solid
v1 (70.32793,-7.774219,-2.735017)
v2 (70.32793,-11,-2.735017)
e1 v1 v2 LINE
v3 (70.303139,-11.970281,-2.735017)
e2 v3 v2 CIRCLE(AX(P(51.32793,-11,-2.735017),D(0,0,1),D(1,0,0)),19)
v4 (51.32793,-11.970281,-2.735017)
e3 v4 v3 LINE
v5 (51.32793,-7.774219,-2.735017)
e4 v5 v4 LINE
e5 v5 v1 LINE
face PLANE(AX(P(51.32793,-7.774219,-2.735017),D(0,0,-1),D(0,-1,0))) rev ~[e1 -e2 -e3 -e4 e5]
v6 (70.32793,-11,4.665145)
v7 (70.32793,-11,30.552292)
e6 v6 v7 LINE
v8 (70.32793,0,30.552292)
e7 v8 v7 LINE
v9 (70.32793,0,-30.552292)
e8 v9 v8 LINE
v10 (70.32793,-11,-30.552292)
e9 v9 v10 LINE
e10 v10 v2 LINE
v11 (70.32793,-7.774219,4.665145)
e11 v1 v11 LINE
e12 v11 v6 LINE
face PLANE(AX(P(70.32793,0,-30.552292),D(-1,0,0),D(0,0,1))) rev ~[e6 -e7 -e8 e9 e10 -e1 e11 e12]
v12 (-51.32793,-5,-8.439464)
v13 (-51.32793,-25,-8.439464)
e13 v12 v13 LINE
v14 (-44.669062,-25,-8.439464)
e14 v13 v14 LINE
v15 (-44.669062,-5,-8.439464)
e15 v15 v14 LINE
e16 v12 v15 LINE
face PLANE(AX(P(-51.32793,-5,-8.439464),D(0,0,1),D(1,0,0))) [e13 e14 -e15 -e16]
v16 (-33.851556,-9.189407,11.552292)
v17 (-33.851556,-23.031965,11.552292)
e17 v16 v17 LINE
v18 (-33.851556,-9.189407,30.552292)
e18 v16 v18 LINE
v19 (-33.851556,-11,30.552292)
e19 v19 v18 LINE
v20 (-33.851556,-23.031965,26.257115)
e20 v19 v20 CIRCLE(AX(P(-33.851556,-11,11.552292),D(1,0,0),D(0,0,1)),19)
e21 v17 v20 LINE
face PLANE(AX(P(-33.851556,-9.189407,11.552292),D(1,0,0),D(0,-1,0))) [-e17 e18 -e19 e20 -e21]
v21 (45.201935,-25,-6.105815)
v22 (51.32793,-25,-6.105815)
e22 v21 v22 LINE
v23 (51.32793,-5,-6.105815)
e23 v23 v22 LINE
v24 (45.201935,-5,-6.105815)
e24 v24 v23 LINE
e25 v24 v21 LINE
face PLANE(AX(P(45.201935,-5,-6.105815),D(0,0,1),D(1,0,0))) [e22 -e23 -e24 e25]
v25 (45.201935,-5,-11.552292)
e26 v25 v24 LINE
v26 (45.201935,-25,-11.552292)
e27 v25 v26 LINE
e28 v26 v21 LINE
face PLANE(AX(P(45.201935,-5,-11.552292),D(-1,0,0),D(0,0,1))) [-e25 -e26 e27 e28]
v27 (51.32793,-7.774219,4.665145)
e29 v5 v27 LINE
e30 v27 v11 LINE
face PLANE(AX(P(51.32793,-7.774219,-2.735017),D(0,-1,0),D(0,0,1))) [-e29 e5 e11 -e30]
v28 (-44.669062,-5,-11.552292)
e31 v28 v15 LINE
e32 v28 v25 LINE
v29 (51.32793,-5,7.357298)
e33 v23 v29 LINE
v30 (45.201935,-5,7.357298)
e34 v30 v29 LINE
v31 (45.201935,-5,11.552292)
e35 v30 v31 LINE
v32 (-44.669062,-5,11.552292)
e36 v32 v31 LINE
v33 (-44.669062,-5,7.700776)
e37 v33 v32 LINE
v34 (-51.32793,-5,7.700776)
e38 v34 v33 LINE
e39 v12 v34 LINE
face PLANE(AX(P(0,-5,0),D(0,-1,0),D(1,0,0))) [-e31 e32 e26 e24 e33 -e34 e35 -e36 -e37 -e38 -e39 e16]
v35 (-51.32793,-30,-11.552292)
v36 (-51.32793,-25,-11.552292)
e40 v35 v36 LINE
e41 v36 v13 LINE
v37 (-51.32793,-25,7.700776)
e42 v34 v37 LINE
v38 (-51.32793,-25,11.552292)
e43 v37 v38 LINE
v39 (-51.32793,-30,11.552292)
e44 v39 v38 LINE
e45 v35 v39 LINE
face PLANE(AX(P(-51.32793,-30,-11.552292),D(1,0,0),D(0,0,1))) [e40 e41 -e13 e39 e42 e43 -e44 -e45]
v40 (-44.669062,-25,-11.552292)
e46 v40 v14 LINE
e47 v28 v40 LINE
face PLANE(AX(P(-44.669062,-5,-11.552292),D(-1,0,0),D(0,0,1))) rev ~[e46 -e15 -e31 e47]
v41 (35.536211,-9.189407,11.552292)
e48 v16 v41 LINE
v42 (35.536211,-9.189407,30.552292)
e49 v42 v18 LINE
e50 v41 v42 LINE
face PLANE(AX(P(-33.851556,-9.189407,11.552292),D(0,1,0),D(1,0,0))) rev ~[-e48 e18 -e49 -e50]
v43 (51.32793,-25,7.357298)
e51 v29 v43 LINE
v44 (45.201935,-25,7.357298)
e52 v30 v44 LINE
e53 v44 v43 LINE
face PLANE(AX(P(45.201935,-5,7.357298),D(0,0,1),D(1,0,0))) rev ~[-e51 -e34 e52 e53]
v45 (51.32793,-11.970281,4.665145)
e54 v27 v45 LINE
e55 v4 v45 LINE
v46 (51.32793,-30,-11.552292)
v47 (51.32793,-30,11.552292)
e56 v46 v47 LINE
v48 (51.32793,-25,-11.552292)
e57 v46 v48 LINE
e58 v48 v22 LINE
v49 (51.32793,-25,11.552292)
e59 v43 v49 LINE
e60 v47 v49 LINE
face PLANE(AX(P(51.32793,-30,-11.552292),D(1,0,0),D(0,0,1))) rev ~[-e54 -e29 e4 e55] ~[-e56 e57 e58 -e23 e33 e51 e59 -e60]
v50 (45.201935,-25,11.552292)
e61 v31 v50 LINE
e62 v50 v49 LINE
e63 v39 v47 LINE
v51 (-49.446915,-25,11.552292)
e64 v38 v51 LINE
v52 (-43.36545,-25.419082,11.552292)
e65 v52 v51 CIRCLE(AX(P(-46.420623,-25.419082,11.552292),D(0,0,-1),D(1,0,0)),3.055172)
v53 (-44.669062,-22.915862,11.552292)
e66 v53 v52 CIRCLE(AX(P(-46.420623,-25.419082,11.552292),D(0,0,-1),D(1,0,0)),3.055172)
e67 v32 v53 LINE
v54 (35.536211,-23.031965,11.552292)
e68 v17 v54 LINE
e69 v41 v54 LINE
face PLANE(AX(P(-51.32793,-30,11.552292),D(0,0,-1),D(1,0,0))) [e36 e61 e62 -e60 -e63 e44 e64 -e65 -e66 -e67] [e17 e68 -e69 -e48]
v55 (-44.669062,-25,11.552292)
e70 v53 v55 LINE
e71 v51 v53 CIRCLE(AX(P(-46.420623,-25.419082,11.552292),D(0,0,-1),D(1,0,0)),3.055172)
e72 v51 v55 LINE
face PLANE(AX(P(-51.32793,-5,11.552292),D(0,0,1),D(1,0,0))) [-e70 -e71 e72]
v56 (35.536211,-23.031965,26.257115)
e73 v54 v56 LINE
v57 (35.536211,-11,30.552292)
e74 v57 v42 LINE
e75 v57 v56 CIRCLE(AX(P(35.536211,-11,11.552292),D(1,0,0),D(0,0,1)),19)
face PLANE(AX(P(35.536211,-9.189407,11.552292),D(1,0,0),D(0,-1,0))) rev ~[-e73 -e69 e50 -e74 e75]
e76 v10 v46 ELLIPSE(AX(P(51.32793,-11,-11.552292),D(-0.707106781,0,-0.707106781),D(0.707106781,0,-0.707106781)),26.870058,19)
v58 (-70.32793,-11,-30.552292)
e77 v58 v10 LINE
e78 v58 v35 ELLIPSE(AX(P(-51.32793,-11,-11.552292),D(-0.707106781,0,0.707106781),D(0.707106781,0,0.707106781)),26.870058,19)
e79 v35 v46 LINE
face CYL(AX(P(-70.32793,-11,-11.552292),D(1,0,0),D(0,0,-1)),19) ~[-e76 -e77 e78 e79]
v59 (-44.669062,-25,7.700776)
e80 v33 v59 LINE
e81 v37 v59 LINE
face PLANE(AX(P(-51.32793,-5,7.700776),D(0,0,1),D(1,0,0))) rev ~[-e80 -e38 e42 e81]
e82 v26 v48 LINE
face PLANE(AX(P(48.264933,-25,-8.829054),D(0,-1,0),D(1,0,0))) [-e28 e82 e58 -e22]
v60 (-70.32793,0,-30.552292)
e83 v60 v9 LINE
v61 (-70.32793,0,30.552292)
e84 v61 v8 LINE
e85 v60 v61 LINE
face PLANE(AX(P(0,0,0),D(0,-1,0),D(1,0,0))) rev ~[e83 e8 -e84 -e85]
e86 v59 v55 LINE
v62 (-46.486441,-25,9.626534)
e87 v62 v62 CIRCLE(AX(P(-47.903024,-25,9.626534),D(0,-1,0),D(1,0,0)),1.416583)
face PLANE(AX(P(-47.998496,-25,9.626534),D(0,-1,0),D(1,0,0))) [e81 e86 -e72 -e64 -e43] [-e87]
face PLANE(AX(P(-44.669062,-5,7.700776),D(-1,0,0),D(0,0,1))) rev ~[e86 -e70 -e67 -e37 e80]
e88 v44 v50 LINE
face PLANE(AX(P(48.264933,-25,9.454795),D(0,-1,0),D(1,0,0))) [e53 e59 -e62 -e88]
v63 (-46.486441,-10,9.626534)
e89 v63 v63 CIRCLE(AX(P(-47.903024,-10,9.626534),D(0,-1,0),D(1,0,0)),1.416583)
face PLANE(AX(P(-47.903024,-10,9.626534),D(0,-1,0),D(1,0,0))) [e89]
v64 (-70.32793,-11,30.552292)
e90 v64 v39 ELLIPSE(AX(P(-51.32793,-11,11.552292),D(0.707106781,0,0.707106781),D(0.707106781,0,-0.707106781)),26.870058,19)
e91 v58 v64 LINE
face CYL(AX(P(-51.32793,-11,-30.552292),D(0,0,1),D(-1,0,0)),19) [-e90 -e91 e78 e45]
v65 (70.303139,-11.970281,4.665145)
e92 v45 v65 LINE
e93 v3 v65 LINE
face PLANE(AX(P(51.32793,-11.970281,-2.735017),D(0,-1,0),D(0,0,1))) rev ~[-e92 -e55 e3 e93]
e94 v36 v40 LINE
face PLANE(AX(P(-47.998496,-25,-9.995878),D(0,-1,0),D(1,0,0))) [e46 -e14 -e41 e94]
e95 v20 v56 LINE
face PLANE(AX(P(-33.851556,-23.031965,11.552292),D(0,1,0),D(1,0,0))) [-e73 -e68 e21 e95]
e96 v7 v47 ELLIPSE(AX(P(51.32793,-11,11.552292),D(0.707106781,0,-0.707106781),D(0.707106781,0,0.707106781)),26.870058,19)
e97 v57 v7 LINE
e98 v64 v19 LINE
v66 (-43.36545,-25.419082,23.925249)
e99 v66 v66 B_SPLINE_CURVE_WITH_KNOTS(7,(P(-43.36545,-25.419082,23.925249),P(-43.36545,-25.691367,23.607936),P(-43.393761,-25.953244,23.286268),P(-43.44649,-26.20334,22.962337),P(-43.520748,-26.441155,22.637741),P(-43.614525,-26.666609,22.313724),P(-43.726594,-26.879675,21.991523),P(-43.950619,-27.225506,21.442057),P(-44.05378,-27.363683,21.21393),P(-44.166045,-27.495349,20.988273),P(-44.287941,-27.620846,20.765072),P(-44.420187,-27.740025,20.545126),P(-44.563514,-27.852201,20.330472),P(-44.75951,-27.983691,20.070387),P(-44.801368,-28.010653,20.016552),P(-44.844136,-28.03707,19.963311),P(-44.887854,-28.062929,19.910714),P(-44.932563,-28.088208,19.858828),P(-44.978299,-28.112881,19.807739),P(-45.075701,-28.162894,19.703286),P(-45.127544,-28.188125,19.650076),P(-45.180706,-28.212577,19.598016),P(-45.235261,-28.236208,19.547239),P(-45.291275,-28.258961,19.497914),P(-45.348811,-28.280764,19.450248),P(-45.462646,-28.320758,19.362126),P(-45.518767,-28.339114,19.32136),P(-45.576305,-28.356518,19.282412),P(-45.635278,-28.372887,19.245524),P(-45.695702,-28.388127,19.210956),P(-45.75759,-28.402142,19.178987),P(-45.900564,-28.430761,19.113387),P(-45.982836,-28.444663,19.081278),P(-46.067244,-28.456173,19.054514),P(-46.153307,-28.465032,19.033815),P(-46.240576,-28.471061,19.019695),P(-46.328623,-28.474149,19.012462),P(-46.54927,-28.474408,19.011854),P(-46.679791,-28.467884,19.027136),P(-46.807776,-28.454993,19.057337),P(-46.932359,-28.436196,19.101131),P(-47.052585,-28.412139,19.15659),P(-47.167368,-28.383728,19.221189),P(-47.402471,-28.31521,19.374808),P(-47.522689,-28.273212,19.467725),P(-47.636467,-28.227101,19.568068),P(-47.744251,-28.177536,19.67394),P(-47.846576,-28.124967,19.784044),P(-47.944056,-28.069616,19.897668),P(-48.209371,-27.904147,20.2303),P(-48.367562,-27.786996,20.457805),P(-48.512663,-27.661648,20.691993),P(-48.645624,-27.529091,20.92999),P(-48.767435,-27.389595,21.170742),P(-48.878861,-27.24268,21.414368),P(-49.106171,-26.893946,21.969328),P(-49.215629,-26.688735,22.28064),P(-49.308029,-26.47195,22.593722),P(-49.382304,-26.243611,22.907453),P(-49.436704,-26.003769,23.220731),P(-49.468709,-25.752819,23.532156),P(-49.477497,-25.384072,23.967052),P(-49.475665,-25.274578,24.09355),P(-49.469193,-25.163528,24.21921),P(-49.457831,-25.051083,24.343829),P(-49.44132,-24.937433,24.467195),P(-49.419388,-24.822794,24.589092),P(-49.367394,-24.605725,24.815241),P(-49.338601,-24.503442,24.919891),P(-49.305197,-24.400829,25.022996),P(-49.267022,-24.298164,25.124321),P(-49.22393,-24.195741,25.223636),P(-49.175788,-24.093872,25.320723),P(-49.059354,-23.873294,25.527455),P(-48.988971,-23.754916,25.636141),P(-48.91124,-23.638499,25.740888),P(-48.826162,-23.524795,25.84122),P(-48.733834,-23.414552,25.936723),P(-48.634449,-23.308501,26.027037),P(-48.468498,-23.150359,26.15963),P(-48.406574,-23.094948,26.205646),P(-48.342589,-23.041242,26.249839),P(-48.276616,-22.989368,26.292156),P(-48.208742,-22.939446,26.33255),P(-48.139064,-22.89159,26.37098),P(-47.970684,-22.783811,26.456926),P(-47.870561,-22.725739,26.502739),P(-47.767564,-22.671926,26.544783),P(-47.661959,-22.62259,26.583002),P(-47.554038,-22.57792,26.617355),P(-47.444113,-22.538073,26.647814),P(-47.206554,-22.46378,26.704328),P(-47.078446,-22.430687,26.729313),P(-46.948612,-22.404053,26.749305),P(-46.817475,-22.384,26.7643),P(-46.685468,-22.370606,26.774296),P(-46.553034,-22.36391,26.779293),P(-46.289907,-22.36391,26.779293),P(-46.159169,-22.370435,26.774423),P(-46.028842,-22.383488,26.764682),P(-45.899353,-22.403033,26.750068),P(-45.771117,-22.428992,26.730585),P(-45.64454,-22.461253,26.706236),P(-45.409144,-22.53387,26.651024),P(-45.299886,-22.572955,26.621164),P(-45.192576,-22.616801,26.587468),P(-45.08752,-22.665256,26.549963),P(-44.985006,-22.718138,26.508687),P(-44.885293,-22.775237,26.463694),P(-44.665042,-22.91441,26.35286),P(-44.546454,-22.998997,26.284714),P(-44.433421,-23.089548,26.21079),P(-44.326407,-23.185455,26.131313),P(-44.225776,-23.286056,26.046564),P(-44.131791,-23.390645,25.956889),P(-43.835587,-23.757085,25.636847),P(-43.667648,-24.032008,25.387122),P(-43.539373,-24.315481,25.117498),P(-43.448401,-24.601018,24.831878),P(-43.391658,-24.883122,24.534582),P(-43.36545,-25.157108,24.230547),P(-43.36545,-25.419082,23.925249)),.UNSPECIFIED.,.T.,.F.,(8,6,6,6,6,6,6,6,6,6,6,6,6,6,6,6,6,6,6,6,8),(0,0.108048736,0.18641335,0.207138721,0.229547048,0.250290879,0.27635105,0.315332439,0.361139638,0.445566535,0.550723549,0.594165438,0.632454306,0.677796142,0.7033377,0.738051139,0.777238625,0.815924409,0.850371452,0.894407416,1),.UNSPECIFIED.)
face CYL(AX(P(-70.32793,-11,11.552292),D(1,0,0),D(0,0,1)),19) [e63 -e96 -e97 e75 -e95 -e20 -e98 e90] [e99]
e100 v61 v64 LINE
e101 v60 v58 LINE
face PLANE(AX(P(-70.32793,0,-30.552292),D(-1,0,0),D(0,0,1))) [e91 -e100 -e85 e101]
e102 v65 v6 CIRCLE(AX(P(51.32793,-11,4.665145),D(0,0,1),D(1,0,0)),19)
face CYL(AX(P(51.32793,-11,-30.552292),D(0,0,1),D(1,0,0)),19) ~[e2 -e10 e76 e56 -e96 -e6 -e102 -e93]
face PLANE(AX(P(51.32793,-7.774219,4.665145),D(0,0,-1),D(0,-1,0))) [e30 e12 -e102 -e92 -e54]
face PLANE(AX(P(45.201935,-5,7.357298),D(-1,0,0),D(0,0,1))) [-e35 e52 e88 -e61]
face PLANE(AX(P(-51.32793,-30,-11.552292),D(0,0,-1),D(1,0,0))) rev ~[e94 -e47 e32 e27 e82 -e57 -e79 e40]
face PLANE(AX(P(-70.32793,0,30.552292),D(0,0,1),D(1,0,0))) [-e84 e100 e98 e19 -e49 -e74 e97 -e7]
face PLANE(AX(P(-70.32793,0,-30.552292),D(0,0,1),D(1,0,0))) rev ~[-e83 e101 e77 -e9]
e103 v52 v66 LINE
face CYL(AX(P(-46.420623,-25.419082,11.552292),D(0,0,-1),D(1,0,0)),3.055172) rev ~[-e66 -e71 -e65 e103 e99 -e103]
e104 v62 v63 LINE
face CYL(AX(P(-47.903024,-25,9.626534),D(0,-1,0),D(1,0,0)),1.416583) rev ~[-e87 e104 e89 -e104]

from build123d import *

# Parameters (mm, degrees)
F0_W      = 140.6558603048
F0_H      = 61.1045844853
F1_DEPTH  = 30
F2_R      = 19
F3_W      = 102.6558603048
F3_H      = 23.1045844853
F4_DEPTH  = 25
F5_W      = 4.1960617527
F5_H      = 7.4001618195
F6_DEPTH  = 55.3
F7_W      = 69.3877674639
F7_H      = 13.8425575569
F8_DEPTH  = 54.5
F9_R      = 3.055172352
F10_DEPTH = 61.9
F11_W     = 6.6588682532
F11_H     = 3.1128286794
F11_H_2   = 3.8515164927
F11_W_2   = 6.1259952784
F11_H_3   = 4.1949943118
F11_H_4   = 5.4464771822
F12_DEPTH = 20
F13_R     = 1.4165828047
F14_DEPTH = 15


with BuildPart() as f1:
    # F0 (on Front) → F1 (new body)
    with BuildSketch(Plane.XZ):
        Rectangle(F0_W, F0_H)
    extrude(amount=F1_DEPTH)

    # F2
    f2_edges = [f1.edges().sort_by_distance(p)[0] for p in [
        (0, -30, 30.552292),
        (-70.32793, -30, 0),
        (0, -30, -30.552292),
        (70.32793, -30, 0),
    ]]
    fillet(f2_edges, radius=F2_R)

    # F3 (on face) → F4 (cut)
    with BuildSketch(Plane.XZ.offset(30)):
        Rectangle(F3_W, F3_H)
    extrude(amount=-F4_DEPTH, mode=Mode.SUBTRACT)

    # F5 (on face) → F6 (cut)
    with BuildSketch(Plane(origin=(51.3279301524, 0, 0), x_dir=(0, -1, 0), z_dir=(-1, 0, 0))):
        with Locations((9.8722497933, 0.9650638094)):
            Rectangle(F5_W, F5_H)
    extrude(amount=-F6_DEPTH, mode=Mode.SUBTRACT)

    # F7 (on face) → F8 (cut)
    with BuildSketch(Plane(origin=(0, 0, 11.5522922426), x_dir=(1, 0, 0), z_dir=(0, 0, -1))):
        with Locations((0.842327252, 16.1106861196)):
            Rectangle(F7_W, F7_H)
    extrude(amount=-F8_DEPTH, mode=Mode.SUBTRACT)

    # F9 (on face) → F10 (cut)
    with BuildSketch(Plane(origin=(0, 0, 11.5522922426), x_dir=(1, 0, 0), z_dir=(0, 0, -1))):
        with Locations((-46.420622617, 25.4190824926)):
            Circle(F9_R)
    extrude(amount=-F10_DEPTH, mode=Mode.SUBTRACT)

    # F11 (on face) → F12 (join)
    with BuildSketch(Plane.XZ.offset(5)):
        with Locations((-47.9984960258, -9.995877903)):
            Rectangle(F11_W, F11_H)
        with Locations((-47.9984960258, 9.6265339963)):
            Rectangle(F11_W, F11_H_2)
        with Locations((48.2649325132, 9.4547950868)):
            Rectangle(F11_W_2, F11_H_3)
        with Locations((48.2649325132, -8.8290536515)):
            Rectangle(F11_W_2, F11_H_4)
    extrude(amount=F12_DEPTH)

    # F13 (on face) → F14 (cut)
    with BuildSketch(Plane.XZ.offset(25)):
        with Locations((-47.9030236602, 9.6265339963)):
            Circle(F13_R)
    extrude(amount=-F14_DEPTH, mode=Mode.SUBTRACT)


solid = f1.part
